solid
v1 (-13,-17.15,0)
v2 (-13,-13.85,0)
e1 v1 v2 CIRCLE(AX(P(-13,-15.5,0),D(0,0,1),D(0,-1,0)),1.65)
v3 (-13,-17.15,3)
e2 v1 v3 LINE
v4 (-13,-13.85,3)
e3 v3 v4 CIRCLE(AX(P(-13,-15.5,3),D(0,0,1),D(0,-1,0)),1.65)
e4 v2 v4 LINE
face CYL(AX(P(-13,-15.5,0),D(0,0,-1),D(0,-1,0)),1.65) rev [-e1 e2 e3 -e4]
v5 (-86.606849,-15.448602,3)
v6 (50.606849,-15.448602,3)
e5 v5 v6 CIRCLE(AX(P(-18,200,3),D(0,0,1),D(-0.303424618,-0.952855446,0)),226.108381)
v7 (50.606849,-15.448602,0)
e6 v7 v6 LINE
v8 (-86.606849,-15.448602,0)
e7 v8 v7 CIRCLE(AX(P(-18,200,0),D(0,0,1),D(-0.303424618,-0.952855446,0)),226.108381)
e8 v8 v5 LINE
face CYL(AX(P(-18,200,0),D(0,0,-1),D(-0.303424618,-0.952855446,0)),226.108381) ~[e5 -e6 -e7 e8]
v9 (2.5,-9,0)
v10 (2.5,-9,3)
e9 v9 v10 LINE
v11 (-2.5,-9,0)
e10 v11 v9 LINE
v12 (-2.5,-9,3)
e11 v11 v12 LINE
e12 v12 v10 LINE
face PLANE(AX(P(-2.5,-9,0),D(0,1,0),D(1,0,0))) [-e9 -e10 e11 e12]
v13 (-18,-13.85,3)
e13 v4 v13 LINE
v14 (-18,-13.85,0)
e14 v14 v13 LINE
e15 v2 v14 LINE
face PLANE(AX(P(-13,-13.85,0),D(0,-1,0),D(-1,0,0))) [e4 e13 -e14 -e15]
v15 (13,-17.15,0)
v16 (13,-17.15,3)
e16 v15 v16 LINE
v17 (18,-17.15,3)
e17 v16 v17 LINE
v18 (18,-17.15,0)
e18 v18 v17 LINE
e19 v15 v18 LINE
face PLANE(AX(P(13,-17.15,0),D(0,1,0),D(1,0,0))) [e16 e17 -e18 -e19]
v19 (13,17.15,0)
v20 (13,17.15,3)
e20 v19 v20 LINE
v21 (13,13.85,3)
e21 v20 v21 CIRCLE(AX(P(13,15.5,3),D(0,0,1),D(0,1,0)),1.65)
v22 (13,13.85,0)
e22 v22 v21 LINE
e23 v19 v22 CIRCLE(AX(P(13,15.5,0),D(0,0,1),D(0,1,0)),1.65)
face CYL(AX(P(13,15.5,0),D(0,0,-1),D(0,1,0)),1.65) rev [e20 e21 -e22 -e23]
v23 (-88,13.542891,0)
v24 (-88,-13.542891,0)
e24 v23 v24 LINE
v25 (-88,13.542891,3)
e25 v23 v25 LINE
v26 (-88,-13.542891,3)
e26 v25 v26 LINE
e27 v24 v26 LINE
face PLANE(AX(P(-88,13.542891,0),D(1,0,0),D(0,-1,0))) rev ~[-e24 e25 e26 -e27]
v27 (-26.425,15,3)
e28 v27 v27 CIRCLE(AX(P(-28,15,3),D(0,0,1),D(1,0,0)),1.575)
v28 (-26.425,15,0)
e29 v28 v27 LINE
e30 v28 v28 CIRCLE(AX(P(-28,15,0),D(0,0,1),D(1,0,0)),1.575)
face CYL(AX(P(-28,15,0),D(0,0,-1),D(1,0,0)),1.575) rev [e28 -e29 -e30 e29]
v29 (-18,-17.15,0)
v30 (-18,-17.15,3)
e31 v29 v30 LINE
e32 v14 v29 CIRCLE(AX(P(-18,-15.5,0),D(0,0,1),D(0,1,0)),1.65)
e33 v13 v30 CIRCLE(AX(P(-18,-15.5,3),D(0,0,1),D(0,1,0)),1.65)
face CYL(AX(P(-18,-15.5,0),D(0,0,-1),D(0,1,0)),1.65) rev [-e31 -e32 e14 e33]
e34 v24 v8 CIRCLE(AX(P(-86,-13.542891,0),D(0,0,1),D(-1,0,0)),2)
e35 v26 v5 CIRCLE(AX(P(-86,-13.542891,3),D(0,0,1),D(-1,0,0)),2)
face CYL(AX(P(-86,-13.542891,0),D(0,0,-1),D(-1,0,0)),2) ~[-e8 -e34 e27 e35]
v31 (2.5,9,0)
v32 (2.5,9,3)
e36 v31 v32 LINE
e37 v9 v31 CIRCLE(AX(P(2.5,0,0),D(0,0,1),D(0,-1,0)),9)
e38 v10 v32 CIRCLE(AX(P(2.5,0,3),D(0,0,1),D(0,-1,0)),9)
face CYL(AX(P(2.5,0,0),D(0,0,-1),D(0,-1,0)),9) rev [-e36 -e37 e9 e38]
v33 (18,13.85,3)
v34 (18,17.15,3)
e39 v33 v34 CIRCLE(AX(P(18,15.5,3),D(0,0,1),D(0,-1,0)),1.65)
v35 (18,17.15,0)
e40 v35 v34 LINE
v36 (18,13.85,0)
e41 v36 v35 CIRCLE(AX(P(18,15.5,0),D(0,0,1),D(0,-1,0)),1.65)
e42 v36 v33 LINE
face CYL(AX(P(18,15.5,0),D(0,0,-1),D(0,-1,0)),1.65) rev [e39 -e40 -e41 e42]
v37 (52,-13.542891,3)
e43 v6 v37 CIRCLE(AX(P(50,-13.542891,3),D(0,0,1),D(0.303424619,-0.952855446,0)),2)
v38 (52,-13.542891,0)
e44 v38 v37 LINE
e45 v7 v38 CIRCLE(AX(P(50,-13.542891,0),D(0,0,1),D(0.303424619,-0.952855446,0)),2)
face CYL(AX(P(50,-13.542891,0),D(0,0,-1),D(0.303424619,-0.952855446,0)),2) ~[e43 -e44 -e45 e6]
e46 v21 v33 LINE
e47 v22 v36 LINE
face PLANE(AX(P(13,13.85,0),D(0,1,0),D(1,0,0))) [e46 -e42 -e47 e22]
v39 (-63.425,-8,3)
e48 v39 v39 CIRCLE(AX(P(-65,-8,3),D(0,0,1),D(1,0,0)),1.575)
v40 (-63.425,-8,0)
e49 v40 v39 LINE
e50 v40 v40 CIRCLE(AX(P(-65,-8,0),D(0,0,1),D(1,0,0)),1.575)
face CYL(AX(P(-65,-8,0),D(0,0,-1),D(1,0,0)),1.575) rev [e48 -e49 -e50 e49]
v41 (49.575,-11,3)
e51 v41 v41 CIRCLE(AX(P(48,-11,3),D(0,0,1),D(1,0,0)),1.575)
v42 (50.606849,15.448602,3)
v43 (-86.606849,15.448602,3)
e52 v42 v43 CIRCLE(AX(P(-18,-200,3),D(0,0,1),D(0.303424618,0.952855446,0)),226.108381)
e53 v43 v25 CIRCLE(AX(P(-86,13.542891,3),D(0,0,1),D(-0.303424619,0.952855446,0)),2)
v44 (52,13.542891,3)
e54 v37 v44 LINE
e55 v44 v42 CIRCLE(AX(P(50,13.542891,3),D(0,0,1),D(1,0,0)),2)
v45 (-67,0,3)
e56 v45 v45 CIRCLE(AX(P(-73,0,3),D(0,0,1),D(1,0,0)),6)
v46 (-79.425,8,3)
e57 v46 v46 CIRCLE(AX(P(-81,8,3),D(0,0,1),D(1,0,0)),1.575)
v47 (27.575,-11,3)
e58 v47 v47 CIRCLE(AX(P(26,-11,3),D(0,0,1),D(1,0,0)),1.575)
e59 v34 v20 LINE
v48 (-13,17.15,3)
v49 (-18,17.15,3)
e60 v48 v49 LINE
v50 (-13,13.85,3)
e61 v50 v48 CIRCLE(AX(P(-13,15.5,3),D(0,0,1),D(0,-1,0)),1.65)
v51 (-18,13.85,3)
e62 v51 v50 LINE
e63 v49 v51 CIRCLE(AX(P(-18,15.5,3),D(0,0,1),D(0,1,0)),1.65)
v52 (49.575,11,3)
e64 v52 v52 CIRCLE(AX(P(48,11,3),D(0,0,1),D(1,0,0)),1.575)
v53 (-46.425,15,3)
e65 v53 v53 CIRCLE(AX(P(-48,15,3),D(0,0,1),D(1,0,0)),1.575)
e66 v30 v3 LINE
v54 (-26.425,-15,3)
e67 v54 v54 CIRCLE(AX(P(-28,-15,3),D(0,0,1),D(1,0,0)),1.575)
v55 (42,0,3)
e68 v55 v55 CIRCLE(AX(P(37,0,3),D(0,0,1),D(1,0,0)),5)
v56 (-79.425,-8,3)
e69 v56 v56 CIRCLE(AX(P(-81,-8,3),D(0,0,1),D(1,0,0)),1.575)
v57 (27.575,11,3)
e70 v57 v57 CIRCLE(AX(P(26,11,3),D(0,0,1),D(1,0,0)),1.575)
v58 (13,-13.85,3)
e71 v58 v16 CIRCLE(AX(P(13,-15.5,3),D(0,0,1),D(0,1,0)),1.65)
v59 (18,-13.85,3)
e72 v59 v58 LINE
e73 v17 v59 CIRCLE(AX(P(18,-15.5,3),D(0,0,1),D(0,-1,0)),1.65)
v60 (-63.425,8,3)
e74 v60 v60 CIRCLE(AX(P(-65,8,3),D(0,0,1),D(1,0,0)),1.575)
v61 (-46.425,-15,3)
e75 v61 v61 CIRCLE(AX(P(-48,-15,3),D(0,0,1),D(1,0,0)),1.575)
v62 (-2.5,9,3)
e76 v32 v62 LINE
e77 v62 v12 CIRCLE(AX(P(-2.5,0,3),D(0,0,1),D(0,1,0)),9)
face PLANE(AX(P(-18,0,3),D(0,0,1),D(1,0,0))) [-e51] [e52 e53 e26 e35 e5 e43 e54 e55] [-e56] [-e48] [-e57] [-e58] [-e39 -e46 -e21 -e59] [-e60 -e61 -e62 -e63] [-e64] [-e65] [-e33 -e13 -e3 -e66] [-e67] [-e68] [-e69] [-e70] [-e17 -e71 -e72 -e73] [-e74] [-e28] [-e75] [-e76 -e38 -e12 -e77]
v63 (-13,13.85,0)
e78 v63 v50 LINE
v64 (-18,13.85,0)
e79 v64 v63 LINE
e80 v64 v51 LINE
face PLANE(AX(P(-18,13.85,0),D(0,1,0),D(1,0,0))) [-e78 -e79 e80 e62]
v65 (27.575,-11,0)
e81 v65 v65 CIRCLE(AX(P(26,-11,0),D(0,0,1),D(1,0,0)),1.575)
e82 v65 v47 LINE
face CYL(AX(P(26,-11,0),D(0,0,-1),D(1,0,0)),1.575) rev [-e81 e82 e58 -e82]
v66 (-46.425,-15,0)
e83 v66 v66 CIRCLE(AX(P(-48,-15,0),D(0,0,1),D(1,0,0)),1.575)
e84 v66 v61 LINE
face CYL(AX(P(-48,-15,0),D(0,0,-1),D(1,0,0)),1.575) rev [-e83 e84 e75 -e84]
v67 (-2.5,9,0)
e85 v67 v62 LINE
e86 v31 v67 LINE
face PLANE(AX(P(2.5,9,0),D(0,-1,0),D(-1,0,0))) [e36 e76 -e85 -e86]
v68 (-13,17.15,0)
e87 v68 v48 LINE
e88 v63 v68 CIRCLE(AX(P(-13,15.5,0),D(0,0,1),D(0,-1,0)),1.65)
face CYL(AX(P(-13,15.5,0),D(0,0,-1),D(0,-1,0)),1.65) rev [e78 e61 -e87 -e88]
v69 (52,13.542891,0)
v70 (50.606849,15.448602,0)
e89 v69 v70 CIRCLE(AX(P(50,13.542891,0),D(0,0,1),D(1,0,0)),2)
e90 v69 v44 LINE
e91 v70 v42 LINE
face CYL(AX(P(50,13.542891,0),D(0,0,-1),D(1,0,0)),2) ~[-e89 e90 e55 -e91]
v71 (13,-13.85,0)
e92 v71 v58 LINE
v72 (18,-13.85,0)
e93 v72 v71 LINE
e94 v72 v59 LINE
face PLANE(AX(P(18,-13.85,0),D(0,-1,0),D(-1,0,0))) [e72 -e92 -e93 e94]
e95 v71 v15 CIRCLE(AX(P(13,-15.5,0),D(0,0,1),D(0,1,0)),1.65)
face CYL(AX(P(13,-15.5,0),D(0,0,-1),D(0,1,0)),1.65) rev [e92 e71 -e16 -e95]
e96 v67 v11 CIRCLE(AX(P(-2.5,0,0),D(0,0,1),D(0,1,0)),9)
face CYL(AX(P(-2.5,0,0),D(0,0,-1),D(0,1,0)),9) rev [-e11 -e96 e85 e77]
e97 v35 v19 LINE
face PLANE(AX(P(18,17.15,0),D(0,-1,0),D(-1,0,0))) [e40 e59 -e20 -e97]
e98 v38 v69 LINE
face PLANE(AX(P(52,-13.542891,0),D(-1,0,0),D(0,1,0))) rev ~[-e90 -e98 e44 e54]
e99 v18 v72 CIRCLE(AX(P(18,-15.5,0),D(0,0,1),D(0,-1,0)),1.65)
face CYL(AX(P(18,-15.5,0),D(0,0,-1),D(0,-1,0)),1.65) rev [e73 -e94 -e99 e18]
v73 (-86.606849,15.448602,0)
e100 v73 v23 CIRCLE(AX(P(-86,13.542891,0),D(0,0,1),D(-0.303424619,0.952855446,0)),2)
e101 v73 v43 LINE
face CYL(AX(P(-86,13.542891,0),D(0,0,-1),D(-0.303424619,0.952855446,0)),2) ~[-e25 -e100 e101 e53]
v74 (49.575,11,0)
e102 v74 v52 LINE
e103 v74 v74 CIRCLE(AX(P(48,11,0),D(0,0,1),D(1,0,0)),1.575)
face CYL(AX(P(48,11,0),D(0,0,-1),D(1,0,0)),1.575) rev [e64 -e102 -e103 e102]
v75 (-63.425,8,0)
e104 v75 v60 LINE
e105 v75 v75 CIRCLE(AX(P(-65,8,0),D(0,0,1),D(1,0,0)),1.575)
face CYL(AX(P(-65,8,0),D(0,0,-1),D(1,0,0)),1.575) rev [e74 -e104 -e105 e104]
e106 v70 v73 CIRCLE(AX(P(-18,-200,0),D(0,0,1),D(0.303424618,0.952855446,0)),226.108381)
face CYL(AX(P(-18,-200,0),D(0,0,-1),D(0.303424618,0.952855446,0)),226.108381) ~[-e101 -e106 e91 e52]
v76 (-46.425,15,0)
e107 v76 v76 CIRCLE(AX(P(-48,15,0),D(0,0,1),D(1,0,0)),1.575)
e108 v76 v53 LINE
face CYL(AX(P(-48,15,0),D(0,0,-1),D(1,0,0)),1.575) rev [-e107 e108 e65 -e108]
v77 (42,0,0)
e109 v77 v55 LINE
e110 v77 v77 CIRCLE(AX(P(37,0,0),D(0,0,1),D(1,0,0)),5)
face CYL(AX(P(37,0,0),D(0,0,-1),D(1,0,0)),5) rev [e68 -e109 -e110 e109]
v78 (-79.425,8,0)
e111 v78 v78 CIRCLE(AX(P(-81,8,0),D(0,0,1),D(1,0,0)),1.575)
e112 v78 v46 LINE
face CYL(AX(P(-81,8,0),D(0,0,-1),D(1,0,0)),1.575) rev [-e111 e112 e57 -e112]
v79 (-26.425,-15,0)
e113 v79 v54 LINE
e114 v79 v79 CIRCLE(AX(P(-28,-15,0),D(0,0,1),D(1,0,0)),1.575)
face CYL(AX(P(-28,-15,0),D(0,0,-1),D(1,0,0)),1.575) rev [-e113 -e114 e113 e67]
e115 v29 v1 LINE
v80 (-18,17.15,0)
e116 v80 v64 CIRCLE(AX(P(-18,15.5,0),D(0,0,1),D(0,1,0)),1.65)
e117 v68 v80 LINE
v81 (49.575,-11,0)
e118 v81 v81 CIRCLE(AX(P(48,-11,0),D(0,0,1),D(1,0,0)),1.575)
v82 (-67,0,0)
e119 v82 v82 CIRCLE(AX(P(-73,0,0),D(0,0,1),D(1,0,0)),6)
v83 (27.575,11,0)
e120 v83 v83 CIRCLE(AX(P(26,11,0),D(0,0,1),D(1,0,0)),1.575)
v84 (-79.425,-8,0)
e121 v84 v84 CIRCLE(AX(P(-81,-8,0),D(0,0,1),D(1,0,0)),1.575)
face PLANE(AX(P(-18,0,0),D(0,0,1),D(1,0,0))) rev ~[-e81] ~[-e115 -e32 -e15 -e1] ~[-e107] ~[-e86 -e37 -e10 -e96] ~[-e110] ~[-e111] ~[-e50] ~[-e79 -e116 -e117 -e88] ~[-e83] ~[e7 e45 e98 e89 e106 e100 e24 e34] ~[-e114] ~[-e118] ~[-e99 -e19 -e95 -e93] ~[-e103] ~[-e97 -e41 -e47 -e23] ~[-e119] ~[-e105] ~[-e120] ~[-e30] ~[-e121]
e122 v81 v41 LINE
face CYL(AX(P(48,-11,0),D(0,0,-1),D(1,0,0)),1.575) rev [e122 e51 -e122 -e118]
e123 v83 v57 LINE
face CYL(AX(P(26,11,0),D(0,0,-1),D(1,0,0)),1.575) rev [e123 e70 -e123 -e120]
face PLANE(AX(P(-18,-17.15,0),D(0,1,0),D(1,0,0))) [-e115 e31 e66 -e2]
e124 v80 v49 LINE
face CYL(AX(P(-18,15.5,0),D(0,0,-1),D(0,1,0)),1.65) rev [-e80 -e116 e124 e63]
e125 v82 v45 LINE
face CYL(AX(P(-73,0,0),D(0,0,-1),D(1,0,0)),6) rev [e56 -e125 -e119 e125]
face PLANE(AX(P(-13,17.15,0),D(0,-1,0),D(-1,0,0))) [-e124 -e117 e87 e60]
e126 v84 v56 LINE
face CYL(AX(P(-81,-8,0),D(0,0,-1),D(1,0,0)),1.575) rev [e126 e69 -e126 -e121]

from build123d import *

# Parameters (mm, degrees)
MODEL_R         = 5
MODEL_R_2       = 6
MODEL_R_3       = 1.575
EXTRUDE_1_DEPTH = 3


with BuildPart() as part:
    # Model → 凸台-拉伸1 (new body)
    with BuildSketch(Plane.XY):
        with BuildLine():
            Line((-88, 13.542891419), (-88, -13.542891419))
            ThreePointArc((-88, -13.542891419), (-87.614574011, -14.723209496), (-86.606849237, -15.448602311))
            ThreePointArc((-86.606849237, -15.448602311), (-18, -26.108381092), (50.606849237, -15.448602311))
            ThreePointArc((50.606849237, -15.448602311), (51.614574011, -14.723209496), (52, -13.542891419))
            Line((52, -13.542891419), (52, 13.542891419))
            ThreePointArc((52, 13.542891419), (51.614574011, 14.723209496), (50.606849237, 15.448602311))
            ThreePointArc((50.606849237, 15.448602311), (-18, 26.108381092), (-86.606849237, 15.448602311))
            ThreePointArc((-86.606849237, 15.448602311), (-87.614574011, 14.723209496), (-88, 13.542891419))
        make_face()
        with Locations((37, 0)):
            Circle(MODEL_R, mode=Mode.SUBTRACT)
        with Locations((-73, 0)):
            Circle(MODEL_R_2, mode=Mode.SUBTRACT)
        with Locations((26, 11)):
            Circle(MODEL_R_3, mode=Mode.SUBTRACT)
        with Locations((48, 11)):
            Circle(MODEL_R_3, mode=Mode.SUBTRACT)
        with Locations((48, -11)):
            Circle(MODEL_R_3, mode=Mode.SUBTRACT)
        with Locations((26, -11)):
            Circle(MODEL_R_3, mode=Mode.SUBTRACT)
        with Locations((-81, 8)):
            Circle(MODEL_R_3, mode=Mode.SUBTRACT)
        with Locations((-65, 8)):
            Circle(MODEL_R_3, mode=Mode.SUBTRACT)
        with Locations((-65, -8)):
            Circle(MODEL_R_3, mode=Mode.SUBTRACT)
        with Locations((-81, -8)):
            Circle(MODEL_R_3, mode=Mode.SUBTRACT)
        with Locations((-28, 15)):
            Circle(MODEL_R_3, mode=Mode.SUBTRACT)
        with Locations((-28, -15)):
            Circle(MODEL_R_3, mode=Mode.SUBTRACT)
        with Locations((-48, -15)):
            Circle(MODEL_R_3, mode=Mode.SUBTRACT)
        with Locations((-48, 15)):
            Circle(MODEL_R_3, mode=Mode.SUBTRACT)
        with BuildLine():
            Line((2.5, 9), (-2.5, 9))
            ThreePointArc((-2.5, 9), (-11.5, 0), (-2.5, -9))
            Line((-2.5, -9), (2.5, -9))
            ThreePointArc((2.5, -9), (11.5, 0), (2.5, 9))
        make_face(mode=Mode.SUBTRACT)
        with BuildLine():
            Line((-13, 17.15), (-18, 17.15))
            ThreePointArc((-18, 17.15), (-19.65, 15.5), (-18, 13.85))
            Line((-18, 13.85), (-13, 13.85))
            ThreePointArc((-13, 13.85), (-11.35, 15.5), (-13, 17.15))
        make_face(mode=Mode.SUBTRACT)
        with BuildLine():
            Line((18, 17.15), (13, 17.15))
            ThreePointArc((13, 17.15), (11.35, 15.5), (13, 13.85))
            Line((13, 13.85), (18, 13.85))
            ThreePointArc((18, 13.85), (19.65, 15.5), (18, 17.15))
        make_face(mode=Mode.SUBTRACT)
        with BuildLine():
            Line((13, -17.15), (18, -17.15))
            ThreePointArc((18, -17.15), (19.65, -15.5), (18, -13.85))
            Line((18, -13.85), (13, -13.85))
            ThreePointArc((13, -13.85), (11.35, -15.5), (13, -17.15))
        make_face(mode=Mode.SUBTRACT)
        with BuildLine():
            Line((-13, -13.85), (-18, -13.85))
            ThreePointArc((-18, -13.85), (-19.65, -15.5), (-18, -17.15))
            Line((-18, -17.15), (-13, -17.15))
            ThreePointArc((-13, -17.15), (-11.35, -15.5), (-13, -13.85))
        make_face(mode=Mode.SUBTRACT)
    extrude(amount=EXTRUDE_1_DEPTH)


solid = part.part
